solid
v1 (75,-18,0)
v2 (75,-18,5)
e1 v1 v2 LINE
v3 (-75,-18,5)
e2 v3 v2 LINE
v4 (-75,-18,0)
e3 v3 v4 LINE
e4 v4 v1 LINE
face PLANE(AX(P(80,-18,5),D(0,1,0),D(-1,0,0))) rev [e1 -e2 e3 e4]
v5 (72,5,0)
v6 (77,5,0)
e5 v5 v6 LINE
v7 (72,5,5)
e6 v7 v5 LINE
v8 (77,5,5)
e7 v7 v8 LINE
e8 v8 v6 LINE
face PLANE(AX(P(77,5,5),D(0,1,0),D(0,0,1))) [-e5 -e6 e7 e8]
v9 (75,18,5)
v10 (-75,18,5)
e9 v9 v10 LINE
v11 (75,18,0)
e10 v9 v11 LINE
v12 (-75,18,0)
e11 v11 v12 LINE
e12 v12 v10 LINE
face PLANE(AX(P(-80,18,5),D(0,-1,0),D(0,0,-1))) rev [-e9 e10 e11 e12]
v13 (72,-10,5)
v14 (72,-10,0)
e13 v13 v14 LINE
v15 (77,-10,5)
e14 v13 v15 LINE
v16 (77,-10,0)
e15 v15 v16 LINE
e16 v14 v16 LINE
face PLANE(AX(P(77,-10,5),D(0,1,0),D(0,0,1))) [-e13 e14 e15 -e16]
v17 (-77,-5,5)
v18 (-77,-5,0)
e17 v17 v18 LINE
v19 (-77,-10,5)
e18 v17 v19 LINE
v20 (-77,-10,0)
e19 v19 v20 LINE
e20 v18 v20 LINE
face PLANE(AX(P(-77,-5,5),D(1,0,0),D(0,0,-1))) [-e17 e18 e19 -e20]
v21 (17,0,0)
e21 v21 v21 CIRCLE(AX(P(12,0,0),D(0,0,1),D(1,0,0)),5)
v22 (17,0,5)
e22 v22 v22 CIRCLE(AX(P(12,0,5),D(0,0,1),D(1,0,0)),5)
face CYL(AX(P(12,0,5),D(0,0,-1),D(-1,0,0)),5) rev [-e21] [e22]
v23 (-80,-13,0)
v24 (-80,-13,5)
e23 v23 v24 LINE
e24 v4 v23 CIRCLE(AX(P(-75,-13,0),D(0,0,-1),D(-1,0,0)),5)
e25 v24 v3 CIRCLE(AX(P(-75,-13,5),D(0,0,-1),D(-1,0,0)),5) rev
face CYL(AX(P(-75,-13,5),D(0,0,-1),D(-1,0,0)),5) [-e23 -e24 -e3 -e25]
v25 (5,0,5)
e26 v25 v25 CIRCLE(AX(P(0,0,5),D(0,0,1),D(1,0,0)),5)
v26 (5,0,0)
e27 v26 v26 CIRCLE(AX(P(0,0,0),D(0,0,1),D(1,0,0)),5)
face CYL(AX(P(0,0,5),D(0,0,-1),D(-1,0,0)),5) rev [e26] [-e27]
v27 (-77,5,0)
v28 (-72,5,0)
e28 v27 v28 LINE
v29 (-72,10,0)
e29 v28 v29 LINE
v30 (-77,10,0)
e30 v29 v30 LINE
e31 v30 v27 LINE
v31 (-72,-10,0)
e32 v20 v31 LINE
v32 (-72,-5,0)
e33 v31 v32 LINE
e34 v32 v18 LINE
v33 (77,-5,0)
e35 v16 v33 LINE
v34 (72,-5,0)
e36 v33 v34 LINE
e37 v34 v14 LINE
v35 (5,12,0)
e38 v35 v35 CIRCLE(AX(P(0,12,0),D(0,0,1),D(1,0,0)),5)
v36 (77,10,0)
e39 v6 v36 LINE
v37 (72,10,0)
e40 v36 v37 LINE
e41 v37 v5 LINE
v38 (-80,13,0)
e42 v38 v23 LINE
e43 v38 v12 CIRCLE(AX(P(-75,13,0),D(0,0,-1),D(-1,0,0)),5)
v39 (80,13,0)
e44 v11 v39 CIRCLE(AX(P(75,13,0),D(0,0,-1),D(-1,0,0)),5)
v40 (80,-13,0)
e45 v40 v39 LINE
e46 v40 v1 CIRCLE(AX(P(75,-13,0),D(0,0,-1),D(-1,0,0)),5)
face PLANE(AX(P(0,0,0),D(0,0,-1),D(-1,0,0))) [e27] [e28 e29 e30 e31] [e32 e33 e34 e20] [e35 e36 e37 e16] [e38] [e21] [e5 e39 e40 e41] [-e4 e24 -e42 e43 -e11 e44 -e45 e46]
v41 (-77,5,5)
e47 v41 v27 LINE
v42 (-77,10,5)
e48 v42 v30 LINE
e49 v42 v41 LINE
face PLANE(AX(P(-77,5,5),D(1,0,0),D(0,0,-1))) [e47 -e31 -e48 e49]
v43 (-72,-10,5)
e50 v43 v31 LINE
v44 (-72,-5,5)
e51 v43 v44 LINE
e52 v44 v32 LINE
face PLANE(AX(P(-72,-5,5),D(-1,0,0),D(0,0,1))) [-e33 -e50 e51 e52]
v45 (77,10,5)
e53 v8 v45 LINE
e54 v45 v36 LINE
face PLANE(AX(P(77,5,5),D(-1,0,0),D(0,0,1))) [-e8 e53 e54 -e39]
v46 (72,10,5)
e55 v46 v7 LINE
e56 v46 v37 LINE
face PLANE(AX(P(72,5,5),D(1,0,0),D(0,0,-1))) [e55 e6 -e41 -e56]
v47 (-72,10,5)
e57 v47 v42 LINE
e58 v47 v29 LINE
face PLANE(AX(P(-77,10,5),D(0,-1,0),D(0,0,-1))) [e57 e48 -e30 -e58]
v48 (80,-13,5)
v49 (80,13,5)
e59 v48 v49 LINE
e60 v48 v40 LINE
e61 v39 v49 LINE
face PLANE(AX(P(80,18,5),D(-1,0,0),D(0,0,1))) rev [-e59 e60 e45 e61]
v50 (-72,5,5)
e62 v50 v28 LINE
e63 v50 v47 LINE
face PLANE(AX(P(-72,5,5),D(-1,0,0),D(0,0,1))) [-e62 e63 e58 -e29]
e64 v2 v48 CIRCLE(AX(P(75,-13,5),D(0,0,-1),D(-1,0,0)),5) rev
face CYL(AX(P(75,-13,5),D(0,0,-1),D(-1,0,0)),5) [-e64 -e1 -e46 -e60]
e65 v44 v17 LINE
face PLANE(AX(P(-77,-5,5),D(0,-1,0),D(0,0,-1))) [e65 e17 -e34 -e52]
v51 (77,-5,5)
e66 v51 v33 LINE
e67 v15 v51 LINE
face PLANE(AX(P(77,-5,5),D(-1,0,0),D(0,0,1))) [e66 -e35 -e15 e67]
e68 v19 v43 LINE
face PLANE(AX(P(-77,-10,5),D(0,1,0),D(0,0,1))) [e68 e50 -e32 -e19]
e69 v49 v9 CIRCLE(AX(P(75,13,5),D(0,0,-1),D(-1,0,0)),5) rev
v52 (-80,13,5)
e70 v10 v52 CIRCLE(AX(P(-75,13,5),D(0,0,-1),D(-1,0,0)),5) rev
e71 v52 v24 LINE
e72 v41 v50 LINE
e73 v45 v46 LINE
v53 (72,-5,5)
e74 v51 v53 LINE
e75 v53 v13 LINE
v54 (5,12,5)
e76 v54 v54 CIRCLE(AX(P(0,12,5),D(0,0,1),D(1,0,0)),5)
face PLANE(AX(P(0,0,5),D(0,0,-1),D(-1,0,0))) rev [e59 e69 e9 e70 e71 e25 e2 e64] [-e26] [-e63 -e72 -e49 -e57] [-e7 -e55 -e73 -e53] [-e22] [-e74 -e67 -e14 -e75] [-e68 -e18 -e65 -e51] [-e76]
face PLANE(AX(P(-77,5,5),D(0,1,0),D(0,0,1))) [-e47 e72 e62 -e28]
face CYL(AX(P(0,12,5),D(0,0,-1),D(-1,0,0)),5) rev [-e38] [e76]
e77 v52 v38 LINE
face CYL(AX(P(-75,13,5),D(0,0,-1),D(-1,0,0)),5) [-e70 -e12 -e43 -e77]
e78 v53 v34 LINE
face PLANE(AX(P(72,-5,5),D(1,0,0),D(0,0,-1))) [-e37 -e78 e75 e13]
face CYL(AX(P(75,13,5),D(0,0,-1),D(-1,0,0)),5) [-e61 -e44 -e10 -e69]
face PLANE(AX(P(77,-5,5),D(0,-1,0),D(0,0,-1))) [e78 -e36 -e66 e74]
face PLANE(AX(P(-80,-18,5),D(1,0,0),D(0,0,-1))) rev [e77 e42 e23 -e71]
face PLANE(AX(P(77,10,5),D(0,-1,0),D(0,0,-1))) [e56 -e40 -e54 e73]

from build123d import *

# Parameters (mm, degrees)
ESQUISSE1_W        = 160
ESQUISSE1_H        = 36
ESQUISSE1_R        = 5
ESQUISSE1_W_2      = 5
ESQUISSE1_H_2      = 5
BOSS_EXTRU_1_DEPTH = 5
CONG_1_R           = 5


with BuildPart() as part:
    # Esquisse1 → Boss.-Extru.1 (new body)
    with BuildSketch(Plane.XY):
        Rectangle(ESQUISSE1_W, ESQUISSE1_H)
        Circle(ESQUISSE1_R, mode=Mode.SUBTRACT)
        with Locations((12, 0)):
            Circle(ESQUISSE1_R, mode=Mode.SUBTRACT)
        with Locations((0, 12)):
            Circle(ESQUISSE1_R, mode=Mode.SUBTRACT)
        with Locations((74.5, 7.5)):
            Rectangle(ESQUISSE1_W_2, ESQUISSE1_H_2, mode=Mode.SUBTRACT)
        with Locations((74.5, -7.5)):
            Rectangle(ESQUISSE1_W_2, ESQUISSE1_H_2, mode=Mode.SUBTRACT)
        with Locations((-74.5, 7.5)):
            Rectangle(ESQUISSE1_W_2, ESQUISSE1_H_2, mode=Mode.SUBTRACT)
        with Locations((-74.5, -7.5)):
            Rectangle(ESQUISSE1_W_2, ESQUISSE1_H_2, mode=Mode.SUBTRACT)
    extrude(amount=BOSS_EXTRU_1_DEPTH)

    # Congé1
    cong_1_edges = [part.edges().sort_by_distance(p)[0] for p in [
        (-80, 18, 2.5),
        (80, 18, 2.5),
        (80, -18, 2.5),
        (-80, -18, 2.5),
    ]]
    fillet(cong_1_edges, radius=CONG_1_R)


solid = part.part
